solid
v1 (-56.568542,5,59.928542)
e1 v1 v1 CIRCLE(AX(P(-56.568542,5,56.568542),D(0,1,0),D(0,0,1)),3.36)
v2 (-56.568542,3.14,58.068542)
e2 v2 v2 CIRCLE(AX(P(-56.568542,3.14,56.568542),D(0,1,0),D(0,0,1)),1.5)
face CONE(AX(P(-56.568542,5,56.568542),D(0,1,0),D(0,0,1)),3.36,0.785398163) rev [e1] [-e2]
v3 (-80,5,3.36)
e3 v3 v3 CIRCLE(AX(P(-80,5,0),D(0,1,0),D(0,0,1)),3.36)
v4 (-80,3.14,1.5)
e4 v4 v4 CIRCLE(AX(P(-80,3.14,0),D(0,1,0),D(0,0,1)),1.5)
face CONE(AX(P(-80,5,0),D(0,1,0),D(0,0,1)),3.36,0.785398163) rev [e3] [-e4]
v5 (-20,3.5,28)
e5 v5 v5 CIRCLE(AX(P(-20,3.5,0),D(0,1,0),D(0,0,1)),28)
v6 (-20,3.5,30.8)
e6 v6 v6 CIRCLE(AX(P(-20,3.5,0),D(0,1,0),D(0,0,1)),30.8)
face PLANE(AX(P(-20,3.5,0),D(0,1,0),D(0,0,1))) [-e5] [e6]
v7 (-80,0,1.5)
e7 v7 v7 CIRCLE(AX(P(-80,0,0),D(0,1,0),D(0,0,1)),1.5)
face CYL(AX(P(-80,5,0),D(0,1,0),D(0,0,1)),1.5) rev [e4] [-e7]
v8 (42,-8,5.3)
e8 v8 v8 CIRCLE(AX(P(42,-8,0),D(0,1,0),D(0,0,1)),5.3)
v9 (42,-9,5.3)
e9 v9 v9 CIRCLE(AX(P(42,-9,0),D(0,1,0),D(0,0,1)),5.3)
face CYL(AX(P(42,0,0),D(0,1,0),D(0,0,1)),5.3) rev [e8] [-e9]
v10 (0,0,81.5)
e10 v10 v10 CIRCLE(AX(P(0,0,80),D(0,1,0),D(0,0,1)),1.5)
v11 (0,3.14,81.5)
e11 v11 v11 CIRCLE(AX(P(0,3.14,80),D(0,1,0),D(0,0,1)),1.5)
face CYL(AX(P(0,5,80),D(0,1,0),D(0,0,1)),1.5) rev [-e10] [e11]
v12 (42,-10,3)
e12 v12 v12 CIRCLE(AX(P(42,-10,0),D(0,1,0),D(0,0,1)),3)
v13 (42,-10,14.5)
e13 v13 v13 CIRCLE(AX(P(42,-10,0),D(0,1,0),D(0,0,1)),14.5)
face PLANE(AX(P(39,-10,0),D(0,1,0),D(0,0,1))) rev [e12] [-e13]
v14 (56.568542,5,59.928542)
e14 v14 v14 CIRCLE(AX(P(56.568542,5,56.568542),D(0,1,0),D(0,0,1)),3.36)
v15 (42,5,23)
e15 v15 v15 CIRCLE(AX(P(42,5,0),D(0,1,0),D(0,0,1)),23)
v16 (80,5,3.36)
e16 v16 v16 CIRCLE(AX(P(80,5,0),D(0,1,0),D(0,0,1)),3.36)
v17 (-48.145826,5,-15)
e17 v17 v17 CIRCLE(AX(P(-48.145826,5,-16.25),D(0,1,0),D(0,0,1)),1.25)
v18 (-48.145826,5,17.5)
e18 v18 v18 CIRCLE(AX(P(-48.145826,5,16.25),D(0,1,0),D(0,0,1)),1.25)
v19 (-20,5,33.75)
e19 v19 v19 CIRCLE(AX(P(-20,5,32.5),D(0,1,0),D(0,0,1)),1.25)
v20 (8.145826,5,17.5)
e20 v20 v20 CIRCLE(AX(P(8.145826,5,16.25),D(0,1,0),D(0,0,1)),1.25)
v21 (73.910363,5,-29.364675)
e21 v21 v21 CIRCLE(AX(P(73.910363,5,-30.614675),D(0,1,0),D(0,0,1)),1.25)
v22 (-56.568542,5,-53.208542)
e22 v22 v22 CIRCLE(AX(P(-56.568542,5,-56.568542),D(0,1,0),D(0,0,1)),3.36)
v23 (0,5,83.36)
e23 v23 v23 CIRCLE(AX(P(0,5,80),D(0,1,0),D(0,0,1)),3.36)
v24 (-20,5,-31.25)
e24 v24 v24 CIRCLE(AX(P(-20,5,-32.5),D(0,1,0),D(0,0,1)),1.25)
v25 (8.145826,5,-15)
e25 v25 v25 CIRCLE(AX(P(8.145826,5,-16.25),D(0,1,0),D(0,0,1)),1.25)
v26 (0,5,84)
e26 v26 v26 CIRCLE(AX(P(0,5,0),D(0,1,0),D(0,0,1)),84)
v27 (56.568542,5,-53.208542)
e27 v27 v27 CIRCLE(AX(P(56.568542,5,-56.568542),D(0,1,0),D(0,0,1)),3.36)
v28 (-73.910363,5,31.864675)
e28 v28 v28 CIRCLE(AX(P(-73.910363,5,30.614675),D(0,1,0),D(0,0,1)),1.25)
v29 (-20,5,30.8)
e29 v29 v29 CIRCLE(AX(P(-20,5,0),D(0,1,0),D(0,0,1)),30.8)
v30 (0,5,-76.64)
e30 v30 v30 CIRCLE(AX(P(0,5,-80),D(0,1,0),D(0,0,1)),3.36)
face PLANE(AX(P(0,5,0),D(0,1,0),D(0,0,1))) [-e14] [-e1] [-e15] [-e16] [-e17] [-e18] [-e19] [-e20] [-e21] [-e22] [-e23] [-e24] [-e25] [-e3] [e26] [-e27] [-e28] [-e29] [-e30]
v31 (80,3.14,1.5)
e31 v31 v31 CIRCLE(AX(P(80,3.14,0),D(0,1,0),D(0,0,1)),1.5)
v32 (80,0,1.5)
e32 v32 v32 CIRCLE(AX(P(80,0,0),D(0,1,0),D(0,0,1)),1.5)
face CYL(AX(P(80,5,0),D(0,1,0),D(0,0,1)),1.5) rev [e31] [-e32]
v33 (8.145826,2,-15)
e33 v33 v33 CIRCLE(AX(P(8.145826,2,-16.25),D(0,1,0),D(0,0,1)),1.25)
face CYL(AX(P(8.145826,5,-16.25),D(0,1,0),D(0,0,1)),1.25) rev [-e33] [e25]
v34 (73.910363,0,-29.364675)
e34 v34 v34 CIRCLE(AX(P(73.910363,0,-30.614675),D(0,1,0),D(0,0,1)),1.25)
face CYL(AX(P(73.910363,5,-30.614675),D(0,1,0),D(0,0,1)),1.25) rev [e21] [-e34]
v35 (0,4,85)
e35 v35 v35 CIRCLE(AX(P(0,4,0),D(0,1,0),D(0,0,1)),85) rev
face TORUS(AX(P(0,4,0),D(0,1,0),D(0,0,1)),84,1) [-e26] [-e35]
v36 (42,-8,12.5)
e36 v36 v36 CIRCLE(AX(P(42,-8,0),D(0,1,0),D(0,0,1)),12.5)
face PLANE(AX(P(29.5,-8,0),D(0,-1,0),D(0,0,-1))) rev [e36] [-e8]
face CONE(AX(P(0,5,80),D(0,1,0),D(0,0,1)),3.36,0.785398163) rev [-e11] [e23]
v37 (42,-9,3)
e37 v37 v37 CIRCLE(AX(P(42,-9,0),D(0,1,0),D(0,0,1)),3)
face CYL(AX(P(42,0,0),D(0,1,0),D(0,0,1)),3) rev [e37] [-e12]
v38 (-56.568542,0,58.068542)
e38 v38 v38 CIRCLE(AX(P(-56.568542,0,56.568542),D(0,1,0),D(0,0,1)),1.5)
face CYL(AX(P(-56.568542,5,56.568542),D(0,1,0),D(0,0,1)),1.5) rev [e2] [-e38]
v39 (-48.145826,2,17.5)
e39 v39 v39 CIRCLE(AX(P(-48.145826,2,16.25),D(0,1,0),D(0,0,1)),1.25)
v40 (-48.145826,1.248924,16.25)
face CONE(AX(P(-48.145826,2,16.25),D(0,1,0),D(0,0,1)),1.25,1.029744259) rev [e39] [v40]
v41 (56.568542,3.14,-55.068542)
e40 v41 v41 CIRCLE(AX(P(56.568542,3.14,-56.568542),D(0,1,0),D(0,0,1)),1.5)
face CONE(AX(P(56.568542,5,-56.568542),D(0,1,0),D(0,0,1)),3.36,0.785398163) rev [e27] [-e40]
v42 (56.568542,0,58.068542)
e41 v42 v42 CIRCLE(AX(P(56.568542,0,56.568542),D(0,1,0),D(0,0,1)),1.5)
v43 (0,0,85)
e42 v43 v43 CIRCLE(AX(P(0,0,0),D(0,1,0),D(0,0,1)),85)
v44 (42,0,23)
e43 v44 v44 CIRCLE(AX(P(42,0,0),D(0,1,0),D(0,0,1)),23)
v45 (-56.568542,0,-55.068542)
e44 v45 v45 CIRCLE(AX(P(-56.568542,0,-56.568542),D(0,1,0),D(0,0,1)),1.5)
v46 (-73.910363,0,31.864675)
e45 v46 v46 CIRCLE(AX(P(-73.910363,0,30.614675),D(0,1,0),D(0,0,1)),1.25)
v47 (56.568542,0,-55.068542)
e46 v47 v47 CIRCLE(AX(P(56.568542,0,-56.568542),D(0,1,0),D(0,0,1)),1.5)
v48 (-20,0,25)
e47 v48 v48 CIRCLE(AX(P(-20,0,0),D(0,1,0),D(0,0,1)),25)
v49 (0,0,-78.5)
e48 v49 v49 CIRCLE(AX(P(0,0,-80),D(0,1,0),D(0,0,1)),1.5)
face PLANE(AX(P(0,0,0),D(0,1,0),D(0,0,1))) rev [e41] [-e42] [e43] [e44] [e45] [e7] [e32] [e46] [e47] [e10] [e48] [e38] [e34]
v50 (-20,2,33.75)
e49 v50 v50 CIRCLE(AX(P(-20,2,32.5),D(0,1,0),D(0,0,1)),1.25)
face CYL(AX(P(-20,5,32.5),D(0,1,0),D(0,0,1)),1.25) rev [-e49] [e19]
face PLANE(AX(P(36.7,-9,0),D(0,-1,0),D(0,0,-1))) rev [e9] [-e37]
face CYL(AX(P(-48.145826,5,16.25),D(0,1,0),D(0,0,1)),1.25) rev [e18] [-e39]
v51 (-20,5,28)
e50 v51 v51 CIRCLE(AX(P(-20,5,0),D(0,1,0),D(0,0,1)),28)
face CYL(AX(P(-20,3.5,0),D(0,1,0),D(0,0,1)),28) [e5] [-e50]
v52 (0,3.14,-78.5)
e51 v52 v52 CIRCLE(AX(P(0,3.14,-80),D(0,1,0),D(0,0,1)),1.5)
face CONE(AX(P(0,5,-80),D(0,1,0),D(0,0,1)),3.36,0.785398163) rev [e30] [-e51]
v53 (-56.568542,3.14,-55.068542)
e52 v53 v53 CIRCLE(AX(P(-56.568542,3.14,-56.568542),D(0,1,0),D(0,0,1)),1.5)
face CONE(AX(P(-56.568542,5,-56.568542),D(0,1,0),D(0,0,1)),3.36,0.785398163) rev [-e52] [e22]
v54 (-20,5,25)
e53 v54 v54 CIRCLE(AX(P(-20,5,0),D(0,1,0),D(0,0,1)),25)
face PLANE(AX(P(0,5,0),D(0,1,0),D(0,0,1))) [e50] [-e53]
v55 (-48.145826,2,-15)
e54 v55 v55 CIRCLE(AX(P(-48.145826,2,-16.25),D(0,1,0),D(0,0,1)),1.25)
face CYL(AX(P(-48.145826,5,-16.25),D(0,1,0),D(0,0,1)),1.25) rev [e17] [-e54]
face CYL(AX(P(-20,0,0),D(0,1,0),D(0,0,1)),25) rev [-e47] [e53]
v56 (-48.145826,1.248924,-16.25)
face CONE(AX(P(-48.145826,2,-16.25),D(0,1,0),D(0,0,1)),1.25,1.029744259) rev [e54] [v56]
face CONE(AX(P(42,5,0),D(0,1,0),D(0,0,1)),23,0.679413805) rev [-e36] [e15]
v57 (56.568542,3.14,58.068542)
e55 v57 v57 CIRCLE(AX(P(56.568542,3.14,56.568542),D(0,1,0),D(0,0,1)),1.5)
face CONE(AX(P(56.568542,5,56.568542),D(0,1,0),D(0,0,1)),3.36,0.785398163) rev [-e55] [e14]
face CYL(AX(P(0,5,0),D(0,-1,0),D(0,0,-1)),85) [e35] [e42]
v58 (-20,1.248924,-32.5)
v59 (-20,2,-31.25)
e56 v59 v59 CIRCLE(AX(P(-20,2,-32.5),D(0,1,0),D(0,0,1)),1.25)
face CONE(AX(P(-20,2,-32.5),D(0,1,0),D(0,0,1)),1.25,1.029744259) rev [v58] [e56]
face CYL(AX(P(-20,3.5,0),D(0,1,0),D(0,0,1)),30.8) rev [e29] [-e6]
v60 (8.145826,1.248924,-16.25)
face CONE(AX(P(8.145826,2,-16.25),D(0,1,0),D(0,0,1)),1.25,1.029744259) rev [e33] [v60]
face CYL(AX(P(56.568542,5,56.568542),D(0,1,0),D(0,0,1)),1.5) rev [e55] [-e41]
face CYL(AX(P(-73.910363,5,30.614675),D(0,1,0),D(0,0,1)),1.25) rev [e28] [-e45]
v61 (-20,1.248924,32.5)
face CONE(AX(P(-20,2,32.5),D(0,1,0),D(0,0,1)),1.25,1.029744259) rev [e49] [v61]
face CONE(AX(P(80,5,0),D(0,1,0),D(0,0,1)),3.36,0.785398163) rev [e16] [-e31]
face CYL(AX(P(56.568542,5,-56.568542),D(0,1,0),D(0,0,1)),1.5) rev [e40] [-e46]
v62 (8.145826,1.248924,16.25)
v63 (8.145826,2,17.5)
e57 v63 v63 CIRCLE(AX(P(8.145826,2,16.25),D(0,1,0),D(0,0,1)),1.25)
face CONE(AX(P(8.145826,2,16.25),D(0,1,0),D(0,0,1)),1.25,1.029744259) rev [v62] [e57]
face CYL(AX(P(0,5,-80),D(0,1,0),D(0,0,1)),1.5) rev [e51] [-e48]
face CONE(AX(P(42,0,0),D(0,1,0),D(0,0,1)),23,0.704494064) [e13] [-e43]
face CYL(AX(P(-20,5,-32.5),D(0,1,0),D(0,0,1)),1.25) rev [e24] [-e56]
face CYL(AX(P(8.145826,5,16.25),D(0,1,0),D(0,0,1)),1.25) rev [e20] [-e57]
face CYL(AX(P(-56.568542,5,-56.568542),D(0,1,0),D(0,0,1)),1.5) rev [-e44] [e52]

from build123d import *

# Parameters (mm, degrees)
SKETCH_1_R                   = 85
EXTRUDE_1_DEPTH              = 5
HOLE_WIZARD_M3_1_D           = 3
HOLE_WIZARD_M3_1_CSINK_D     = 6.72
HOLE_WIZARD_M3_1_CSINK_ANGLE = 90
SKETCH_3_R                   = 25
SKETCH_3_R_2                 = 23
CUT_EXTRUDE_2_DEPTH          = 5
SKETCH_14_R                  = 30.8
SKETCH_14_R_2                = 28
CUT_EXTRUDE_5_DEPTH          = 1.5
FILLET_1_R                   = 1
HOLE_WIZARD_M2_5_3_D         = 2.5
HOLE_WIZARD_M2_5_3_DEPTH     = 3
HOLE_WIZARD_M2_5_3_TIP       = 0.751075774
HOLE_WIZARD_M3_2_D           = 2.5


with BuildPart() as part:
    # 草图1 → 凸台-拉伸1 (new body)
    with BuildSketch(Plane(origin=(0, 0, 0), x_dir=(1, 0, 0), z_dir=(0, 1, 0))):
        with Locations(Location((0, 0, 0), (0, 0, 270))):
            Circle(SKETCH_1_R)
    extrude(amount=EXTRUDE_1_DEPTH)

    # M3 螺纹孔1 (through all)
    with Locations(Plane(origin=(0, 5, -80), x_dir=(0, 0, 1), z_dir=(0, 1, 0))):
        with Locations((0, 0), (23.431457505, 56.568542495), (80, 80), (136.568542495, 56.568542495), (160, 0), (136.568542495, -56.568542495), (23.431457505, -56.568542495), (80, -80)):
            CounterSinkHole(HOLE_WIZARD_M3_1_D / 2, HOLE_WIZARD_M3_1_CSINK_D / 2, counter_sink_angle=HOLE_WIZARD_M3_1_CSINK_ANGLE)

    # 草图3 → 切除-拉伸2 (cut)
    with BuildSketch(Plane(origin=(0, 5, 0), x_dir=(1, 0, 0), z_dir=(0, 1, 0))):
        with Locations(Location((-20, 0, 0), (0, 0, 270))):
            Circle(SKETCH_3_R)
        with Locations(Location((42, 0, 0), (0, 0, 270))):
            Circle(SKETCH_3_R_2)
    extrude(amount=-CUT_EXTRUDE_2_DEPTH, mode=Mode.SUBTRACT)

    # 草图6 → 旋转1 (revolve)
    with BuildSketch(Plane.XY, mode=Mode.PRIVATE) as revolve_1_sk:
        Polygon((19, 5), (29.5, -8), (36.7, -8), (36.7, -9), (39, -9), (39, -10), (27.5, -10), (19, 0), align=None)
    revolve(revolve_1_sk.sketch.rotate(Axis((42, 0, 0), (0, -1, 0)), 270), axis=Axis((42, 0, 0), (0, -1, 0)))

    # 草图14 → 切除-拉伸5 (cut)
    with BuildSketch(Plane(origin=(0, 5, 0), x_dir=(1, 0, 0), z_dir=(0, 1, 0))):
        with Locations(Location((-20, 0, 0), (0, 0, 270))):
            Circle(SKETCH_14_R)
        with Locations(Location((-20, 0, 0), (0, 0, 270))):
            Circle(SKETCH_14_R_2, mode=Mode.SUBTRACT)
    extrude(amount=-CUT_EXTRUDE_5_DEPTH, mode=Mode.SUBTRACT)

    # 圆角1
    fillet_1_edges = [part.edges().sort_by_distance(p)[0] for p in [
        (0, 5, -85),
    ]]
    fillet(fillet_1_edges, radius=FILLET_1_R)

    # M2.5 螺纹孔3
    with Locations(Plane(origin=(-20, 5, -32.5), x_dir=(0, 0, 1), z_dir=(0, 1, 0))):
        with Locations((0, 0), (16.25, 28.145825623), (48.75, 28.145825623), (65, 0), (16.25, -28.145825623), (48.75, -28.145825623)):
            Hole(HOLE_WIZARD_M2_5_3_D / 2, depth=HOLE_WIZARD_M2_5_3_DEPTH)
            with Locations((0, 0, -(HOLE_WIZARD_M2_5_3_DEPTH + HOLE_WIZARD_M2_5_3_TIP / 2))):  # 118° drill point
                Cone(0, HOLE_WIZARD_M2_5_3_D / 2, HOLE_WIZARD_M2_5_3_TIP, mode=Mode.SUBTRACT)

    # M3 螺纹孔2 (through all)
    with Locations(Plane(origin=(-73.910362601, 5, 30.614674589), x_dir=(0, 0, 1), z_dir=(0, 1, 0))):
        with Locations((0, 0), (-61.229349178, 147.820725202)):
            Hole(HOLE_WIZARD_M3_2_D / 2)


solid = part.part
